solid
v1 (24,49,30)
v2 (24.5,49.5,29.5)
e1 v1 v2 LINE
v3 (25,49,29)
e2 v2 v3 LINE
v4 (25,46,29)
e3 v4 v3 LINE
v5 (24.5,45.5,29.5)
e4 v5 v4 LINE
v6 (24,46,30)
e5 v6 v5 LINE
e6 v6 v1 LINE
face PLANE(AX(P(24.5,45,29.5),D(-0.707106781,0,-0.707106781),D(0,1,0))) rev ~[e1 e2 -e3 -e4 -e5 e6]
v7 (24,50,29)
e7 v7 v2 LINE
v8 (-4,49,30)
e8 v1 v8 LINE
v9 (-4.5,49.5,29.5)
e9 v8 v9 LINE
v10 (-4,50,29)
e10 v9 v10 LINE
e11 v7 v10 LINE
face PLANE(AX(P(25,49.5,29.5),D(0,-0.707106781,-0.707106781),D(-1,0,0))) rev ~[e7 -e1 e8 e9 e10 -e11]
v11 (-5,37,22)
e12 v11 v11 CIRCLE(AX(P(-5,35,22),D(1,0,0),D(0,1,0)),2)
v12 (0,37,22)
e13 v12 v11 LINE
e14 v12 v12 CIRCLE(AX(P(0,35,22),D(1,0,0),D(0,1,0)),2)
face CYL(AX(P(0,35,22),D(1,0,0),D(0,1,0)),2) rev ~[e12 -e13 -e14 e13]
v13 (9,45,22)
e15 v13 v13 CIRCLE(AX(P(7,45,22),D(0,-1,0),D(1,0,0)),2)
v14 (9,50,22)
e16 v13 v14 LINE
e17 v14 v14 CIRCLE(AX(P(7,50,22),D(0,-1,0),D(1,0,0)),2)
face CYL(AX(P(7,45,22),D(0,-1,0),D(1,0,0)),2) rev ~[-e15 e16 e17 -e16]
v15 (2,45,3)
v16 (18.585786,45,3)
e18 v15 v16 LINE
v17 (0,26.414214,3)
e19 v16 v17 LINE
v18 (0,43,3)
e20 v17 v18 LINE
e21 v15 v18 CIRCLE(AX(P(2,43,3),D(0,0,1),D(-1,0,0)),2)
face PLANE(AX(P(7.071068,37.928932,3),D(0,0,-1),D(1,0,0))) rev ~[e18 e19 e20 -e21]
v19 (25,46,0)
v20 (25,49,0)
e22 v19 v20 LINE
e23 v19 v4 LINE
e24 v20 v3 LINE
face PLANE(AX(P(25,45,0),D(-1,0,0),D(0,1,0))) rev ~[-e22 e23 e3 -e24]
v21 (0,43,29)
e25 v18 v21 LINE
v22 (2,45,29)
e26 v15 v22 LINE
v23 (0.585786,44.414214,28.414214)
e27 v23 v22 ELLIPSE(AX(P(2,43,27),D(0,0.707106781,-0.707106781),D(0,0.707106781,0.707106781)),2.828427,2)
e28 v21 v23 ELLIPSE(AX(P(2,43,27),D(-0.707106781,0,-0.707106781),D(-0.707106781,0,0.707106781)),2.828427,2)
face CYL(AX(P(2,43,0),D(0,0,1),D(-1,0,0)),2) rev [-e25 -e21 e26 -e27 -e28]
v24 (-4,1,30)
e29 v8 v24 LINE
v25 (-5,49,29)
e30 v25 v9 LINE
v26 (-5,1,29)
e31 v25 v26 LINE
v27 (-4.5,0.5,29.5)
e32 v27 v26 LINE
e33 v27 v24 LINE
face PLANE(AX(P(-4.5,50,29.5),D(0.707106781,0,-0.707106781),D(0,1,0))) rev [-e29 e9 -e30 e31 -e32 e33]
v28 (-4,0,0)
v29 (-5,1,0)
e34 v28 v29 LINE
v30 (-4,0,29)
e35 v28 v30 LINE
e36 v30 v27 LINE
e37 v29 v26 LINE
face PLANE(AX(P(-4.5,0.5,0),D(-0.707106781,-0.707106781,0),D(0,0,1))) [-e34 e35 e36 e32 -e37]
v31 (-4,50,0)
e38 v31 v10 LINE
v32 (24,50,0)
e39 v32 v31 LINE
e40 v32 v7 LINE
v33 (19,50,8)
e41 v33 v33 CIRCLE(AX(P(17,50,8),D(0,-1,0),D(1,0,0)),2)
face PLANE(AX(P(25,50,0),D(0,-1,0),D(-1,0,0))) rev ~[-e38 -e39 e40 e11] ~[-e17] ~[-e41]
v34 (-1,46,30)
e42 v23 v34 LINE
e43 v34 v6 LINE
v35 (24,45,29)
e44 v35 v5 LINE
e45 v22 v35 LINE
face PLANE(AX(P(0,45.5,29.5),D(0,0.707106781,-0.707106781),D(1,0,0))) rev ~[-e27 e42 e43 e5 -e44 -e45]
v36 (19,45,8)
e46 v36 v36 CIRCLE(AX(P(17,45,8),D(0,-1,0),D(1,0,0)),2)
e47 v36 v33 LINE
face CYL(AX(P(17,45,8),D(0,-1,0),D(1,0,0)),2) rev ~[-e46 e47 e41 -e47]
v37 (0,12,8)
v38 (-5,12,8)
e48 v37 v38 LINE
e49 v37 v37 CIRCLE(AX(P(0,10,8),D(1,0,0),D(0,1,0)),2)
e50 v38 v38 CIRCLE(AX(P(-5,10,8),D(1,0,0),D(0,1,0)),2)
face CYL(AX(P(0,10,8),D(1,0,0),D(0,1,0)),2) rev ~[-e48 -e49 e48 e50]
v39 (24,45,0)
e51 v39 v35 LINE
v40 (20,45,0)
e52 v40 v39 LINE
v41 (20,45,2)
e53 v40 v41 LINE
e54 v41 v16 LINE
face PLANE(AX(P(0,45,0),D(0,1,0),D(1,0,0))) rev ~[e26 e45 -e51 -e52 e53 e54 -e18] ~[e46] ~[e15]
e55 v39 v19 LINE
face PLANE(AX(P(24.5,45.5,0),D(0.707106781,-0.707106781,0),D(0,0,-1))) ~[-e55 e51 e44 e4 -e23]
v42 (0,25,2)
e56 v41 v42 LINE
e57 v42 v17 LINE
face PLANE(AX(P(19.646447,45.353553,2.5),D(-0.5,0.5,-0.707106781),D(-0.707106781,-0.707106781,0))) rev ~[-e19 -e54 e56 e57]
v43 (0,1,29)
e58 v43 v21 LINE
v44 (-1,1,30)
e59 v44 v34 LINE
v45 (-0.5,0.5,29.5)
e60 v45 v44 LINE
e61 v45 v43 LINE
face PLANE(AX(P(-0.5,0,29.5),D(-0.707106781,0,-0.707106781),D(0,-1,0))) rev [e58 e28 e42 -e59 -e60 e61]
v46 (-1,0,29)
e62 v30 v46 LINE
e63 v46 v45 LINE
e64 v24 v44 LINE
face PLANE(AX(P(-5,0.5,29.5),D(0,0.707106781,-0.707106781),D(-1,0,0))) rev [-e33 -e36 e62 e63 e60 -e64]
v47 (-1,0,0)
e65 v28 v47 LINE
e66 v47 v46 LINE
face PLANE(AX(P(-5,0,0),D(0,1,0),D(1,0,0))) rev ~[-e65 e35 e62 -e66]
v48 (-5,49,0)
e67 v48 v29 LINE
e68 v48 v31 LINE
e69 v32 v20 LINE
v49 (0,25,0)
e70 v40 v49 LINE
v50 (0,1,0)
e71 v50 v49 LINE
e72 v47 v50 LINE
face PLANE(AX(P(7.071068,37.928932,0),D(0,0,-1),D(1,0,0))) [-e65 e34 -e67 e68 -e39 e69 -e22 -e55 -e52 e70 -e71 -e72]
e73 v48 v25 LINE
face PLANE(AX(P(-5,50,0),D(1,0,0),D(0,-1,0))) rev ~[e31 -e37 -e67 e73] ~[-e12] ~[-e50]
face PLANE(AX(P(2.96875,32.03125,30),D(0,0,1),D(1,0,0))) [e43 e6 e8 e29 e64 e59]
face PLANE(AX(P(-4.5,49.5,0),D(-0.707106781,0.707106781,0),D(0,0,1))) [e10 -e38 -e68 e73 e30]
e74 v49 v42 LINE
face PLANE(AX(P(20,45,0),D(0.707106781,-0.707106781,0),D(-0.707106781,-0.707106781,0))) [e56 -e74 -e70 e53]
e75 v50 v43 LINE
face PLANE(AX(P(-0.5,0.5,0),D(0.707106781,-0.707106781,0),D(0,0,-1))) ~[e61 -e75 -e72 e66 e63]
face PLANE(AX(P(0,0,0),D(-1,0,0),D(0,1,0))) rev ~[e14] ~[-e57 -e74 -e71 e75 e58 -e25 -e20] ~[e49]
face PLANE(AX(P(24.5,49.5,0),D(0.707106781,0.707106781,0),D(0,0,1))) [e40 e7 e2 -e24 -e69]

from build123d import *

# Parameters (mm, degrees)
F1_DEPTH  = 30
F2_R      = 2
F3_DEPTH  = 25
F4_SIZE   = 1
F5_R      = 2
F6_DEPTH  = 25
F7_SIZE   = 1
F8_R      = 2
F10_DEPTH = 3
F11_SIZE  = 1


with BuildPart() as f1:
    # F0 (on Top) → F1 (new body)
    with BuildSketch(Plane.XY):
        Polygon((-5, 0), (0, 0), (0, 45), (25, 45), (25, 50), (-5, 50), align=None)
    extrude(amount=F1_DEPTH)

    # F2 (on face) → F3 (cut)
    with BuildSketch(Plane.XZ.offset(-45)):
        with Locations((7, 22)):
            Circle(F2_R)
        with Locations((17, 8)):
            Circle(F2_R)
    extrude(amount=-F3_DEPTH, mode=Mode.SUBTRACT)

    # F4
    f4_edges = [f1.edges().sort_by_distance(p)[0] for p in [
        (-2.5, 0, 30),
        (0, 22.5, 30),
        (12.5, 45, 30),
        (25, 47.5, 30),
        (10, 50, 30),
        (-5, 25, 30),
    ]]
    chamfer(f4_edges, length=F4_SIZE)

    # F5 (on face) → F6 (cut)
    with BuildSketch(Plane.YZ):
        with Locations((35, 22)):
            Circle(F5_R)
        with Locations((10, 8)):
            Circle(F5_R)
    extrude(amount=-F6_DEPTH, mode=Mode.SUBTRACT)

    # F7
    f7_edges = [f1.edges().sort_by_distance(p)[0] for p in [
        (0, 0, 14.5),
        (-5, 0, 14.5),
        (25, 45, 14.5),
        (25, 50, 14.5),
        (-5, 50, 14.5),
    ]]
    chamfer(f7_edges, length=F7_SIZE)

    # F8
    f8_edges = [f1.edges().sort_by_distance(p)[0] for p in [
        (0, 45, 14.5),
    ]]
    fillet(f8_edges, radius=F8_R)

    # F9 (on face) → F10 (join)
    with BuildSketch(Plane(origin=(0, 0, 0), x_dir=(1, 0, 0), z_dir=(0, 0, -1))):
        Polygon((20, -45), (0, -25), (0, -45), align=None)
    extrude(amount=-F10_DEPTH)

    # F11
    f11_edges = [f1.edges().sort_by_distance(p)[0] for p in [
        (10, 35, 3),
    ]]
    chamfer(f11_edges, length=F11_SIZE)


solid = f1.part
